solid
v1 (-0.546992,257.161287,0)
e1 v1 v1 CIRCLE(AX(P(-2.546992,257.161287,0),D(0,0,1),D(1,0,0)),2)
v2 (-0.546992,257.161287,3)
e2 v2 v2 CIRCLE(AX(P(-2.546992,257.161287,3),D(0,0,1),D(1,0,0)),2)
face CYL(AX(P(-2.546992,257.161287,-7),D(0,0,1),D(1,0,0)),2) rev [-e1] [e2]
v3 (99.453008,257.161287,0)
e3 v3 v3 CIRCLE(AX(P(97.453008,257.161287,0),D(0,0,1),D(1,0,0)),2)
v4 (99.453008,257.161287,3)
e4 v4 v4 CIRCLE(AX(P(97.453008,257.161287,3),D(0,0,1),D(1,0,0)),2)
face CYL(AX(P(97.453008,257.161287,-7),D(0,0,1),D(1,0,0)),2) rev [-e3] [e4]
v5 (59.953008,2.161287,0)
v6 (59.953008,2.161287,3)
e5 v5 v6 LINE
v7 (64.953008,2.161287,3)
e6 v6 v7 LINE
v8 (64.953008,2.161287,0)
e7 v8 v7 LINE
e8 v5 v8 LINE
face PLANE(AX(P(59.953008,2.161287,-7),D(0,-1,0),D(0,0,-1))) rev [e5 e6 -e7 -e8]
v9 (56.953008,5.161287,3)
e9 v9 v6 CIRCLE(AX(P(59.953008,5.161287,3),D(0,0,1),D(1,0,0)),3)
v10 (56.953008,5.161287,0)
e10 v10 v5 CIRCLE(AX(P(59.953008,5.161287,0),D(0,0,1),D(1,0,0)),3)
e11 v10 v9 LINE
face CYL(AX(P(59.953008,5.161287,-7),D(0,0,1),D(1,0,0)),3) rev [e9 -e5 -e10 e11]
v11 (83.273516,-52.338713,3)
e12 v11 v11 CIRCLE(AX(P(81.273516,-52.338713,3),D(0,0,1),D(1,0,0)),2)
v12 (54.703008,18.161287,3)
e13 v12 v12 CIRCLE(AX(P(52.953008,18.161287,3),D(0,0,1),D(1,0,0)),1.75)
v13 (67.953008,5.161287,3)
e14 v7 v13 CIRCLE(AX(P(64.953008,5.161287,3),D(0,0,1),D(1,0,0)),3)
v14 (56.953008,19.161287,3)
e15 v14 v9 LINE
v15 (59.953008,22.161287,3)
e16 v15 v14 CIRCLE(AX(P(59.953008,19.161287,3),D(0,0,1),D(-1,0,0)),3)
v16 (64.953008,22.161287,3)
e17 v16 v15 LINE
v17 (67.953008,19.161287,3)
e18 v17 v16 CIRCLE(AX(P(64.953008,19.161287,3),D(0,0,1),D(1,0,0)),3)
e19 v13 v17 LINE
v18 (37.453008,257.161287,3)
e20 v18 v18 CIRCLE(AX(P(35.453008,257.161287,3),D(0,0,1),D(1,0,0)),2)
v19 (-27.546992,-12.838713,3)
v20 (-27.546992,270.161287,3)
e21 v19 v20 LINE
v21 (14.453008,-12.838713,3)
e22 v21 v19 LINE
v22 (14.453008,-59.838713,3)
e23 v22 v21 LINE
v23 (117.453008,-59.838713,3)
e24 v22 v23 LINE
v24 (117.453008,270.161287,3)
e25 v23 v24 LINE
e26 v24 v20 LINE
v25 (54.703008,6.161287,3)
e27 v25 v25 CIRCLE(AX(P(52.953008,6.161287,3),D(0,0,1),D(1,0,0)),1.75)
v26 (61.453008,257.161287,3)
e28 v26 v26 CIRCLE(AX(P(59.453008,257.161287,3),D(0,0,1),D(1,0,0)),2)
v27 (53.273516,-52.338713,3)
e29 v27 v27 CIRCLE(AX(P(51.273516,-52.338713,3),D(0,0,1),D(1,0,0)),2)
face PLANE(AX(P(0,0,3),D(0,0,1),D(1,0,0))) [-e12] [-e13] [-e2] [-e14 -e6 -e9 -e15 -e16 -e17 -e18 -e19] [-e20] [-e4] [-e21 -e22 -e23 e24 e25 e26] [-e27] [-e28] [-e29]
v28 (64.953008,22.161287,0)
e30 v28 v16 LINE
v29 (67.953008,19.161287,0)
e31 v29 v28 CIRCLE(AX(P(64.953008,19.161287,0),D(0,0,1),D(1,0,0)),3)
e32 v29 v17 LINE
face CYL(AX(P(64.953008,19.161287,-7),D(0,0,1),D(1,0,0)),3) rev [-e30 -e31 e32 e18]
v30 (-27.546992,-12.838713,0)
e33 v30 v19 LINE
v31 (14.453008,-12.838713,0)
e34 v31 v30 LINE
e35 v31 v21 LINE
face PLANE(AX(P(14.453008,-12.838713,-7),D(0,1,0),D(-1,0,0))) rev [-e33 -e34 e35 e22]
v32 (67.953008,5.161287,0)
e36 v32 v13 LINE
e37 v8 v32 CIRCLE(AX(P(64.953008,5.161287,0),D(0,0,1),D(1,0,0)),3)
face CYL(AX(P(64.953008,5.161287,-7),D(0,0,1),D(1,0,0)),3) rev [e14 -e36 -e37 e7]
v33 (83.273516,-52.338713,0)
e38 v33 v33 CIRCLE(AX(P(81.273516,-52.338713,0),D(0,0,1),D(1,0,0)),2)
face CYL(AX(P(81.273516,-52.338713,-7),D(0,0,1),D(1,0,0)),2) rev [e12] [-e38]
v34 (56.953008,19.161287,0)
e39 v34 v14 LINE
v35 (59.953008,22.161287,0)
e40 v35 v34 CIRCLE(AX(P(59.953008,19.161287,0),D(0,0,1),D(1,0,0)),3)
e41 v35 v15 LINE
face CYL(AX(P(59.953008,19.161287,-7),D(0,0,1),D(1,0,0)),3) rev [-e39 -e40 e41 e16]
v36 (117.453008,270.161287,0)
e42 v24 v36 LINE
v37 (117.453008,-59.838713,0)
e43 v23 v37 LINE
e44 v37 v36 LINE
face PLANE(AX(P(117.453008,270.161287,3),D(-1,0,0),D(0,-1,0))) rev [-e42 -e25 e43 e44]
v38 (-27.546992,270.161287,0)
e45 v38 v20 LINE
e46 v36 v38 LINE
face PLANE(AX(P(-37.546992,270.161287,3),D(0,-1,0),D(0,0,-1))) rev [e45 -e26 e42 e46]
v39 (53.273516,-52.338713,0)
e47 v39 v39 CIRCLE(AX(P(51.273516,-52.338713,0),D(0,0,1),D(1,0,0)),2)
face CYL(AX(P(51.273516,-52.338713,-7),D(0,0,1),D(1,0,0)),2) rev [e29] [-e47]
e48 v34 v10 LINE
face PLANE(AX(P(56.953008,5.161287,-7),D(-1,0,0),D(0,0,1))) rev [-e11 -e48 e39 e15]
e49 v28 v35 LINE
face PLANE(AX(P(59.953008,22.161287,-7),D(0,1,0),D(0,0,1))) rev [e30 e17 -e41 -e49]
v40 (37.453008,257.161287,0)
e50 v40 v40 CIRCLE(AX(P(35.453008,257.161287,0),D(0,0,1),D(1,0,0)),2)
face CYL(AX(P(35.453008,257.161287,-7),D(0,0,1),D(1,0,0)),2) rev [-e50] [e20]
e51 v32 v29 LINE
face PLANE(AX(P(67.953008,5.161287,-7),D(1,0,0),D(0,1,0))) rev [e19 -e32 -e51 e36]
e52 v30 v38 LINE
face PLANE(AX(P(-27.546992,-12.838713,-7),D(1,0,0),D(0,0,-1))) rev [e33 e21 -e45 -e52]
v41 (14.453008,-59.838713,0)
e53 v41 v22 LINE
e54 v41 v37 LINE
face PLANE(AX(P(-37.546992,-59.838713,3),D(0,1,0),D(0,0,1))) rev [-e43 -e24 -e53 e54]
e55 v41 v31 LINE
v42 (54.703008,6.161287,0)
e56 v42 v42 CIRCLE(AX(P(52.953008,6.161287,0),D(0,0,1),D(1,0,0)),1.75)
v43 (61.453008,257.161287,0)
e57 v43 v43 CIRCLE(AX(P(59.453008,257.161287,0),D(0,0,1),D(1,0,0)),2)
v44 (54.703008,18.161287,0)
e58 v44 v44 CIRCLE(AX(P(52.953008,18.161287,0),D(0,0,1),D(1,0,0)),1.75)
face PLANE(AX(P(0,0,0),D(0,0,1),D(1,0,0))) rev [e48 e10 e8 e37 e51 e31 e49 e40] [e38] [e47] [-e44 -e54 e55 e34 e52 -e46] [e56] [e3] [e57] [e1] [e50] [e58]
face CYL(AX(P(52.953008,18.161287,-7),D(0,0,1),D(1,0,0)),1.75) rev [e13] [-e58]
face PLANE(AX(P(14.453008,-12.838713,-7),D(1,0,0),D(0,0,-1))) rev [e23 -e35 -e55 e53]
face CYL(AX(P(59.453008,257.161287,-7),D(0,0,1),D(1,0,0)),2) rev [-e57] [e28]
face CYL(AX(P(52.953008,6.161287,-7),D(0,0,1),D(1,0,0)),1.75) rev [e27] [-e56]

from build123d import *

# Parameters (mm, degrees)
ESQUISSE1_W             = 155
ESQUISSE1_H             = 330
BOSS_EXTRU_1_DEPTH      = 3
ENL_V_MAT_EXTRU_1_DEPTH = 10
ESQUISSE3_R             = 2
ENL_V_MAT_EXTRU_2_DEPTH = 10
ESQUISSE4_R             = 1.75
ENL_V_MAT_EXTRU_3_DEPTH = 10


with BuildPart() as part:
    # Esquisse1 → Boss.-Extru.1 (new body)
    with BuildSketch(Plane.XY):
        with Locations((39.953008068, 105.161286668)):
            Rectangle(ESQUISSE1_W, ESQUISSE1_H)
    extrude(amount=BOSS_EXTRU_1_DEPTH)

    # Esquisse2 → Enlèv. mat.-Extru.1 (cut)
    with BuildSketch(Plane.XY.offset(3)):
        Polygon((-27.546991932, -12.838713332), (-27.546991932, 270.161286668), (-37.546991932, 270.161286668), (-37.546991932, -12.838713332), (-37.546991932, -59.838713332), (14.453008068, -59.838713332), (14.453008068, -12.838713332), align=None)
    extrude(amount=-ENL_V_MAT_EXTRU_1_DEPTH, mode=Mode.SUBTRACT)

    # Esquisse3 → Enlèv. mat.-Extru.2 (cut)
    with BuildSketch(Plane.XY.offset(3)):
        with Locations((51.273516144, -52.338713332)):
            Circle(ESQUISSE3_R)
        with Locations((81.273516144, -52.338713332)):
            Circle(ESQUISSE3_R)
        with Locations((-2.546991932, 257.161286668)):
            Circle(ESQUISSE3_R)
        with Locations((35.453008068, 257.161286668)):
            Circle(ESQUISSE3_R)
        with Locations((59.453008068, 257.161286668)):
            Circle(ESQUISSE3_R)
        with Locations((97.453008068, 257.161286668)):
            Circle(ESQUISSE3_R)
    extrude(amount=-ENL_V_MAT_EXTRU_2_DEPTH, mode=Mode.SUBTRACT)

    # Esquisse4 → Enlèv. mat.-Extru.3 (cut)
    with BuildSketch(Plane.XY.offset(3)):
        with Locations((52.953008068, 18.161286668)):
            Circle(ESQUISSE4_R)
        with Locations((52.953008068, 6.161286668)):
            Circle(ESQUISSE4_R)
        with BuildLine():
            Line((56.953008068, 5.161286668), (56.953008068, 19.161286668))
            ThreePointArc((56.953008068, 19.161286668), (57.831687724, 21.282607011), (59.953008068, 22.161286668))
            Line((59.953008068, 22.161286668), (64.953008068, 22.161286668))
            ThreePointArc((64.953008068, 22.161286668), (67.074328411, 21.282607011), (67.953008068, 19.161286668))
            Line((67.953008068, 19.161286668), (67.953008068, 5.161286668))
            ThreePointArc((67.953008068, 5.161286668), (67.074328411, 3.039966324), (64.953008068, 2.161286668))
            Line((64.953008068, 2.161286668), (59.953008068, 2.161286668))
            ThreePointArc((59.953008068, 2.161286668), (57.831687724, 3.039966324), (56.953008068, 5.161286668))
        make_face()
    extrude(amount=-ENL_V_MAT_EXTRU_3_DEPTH, mode=Mode.SUBTRACT)


solid = part.part
